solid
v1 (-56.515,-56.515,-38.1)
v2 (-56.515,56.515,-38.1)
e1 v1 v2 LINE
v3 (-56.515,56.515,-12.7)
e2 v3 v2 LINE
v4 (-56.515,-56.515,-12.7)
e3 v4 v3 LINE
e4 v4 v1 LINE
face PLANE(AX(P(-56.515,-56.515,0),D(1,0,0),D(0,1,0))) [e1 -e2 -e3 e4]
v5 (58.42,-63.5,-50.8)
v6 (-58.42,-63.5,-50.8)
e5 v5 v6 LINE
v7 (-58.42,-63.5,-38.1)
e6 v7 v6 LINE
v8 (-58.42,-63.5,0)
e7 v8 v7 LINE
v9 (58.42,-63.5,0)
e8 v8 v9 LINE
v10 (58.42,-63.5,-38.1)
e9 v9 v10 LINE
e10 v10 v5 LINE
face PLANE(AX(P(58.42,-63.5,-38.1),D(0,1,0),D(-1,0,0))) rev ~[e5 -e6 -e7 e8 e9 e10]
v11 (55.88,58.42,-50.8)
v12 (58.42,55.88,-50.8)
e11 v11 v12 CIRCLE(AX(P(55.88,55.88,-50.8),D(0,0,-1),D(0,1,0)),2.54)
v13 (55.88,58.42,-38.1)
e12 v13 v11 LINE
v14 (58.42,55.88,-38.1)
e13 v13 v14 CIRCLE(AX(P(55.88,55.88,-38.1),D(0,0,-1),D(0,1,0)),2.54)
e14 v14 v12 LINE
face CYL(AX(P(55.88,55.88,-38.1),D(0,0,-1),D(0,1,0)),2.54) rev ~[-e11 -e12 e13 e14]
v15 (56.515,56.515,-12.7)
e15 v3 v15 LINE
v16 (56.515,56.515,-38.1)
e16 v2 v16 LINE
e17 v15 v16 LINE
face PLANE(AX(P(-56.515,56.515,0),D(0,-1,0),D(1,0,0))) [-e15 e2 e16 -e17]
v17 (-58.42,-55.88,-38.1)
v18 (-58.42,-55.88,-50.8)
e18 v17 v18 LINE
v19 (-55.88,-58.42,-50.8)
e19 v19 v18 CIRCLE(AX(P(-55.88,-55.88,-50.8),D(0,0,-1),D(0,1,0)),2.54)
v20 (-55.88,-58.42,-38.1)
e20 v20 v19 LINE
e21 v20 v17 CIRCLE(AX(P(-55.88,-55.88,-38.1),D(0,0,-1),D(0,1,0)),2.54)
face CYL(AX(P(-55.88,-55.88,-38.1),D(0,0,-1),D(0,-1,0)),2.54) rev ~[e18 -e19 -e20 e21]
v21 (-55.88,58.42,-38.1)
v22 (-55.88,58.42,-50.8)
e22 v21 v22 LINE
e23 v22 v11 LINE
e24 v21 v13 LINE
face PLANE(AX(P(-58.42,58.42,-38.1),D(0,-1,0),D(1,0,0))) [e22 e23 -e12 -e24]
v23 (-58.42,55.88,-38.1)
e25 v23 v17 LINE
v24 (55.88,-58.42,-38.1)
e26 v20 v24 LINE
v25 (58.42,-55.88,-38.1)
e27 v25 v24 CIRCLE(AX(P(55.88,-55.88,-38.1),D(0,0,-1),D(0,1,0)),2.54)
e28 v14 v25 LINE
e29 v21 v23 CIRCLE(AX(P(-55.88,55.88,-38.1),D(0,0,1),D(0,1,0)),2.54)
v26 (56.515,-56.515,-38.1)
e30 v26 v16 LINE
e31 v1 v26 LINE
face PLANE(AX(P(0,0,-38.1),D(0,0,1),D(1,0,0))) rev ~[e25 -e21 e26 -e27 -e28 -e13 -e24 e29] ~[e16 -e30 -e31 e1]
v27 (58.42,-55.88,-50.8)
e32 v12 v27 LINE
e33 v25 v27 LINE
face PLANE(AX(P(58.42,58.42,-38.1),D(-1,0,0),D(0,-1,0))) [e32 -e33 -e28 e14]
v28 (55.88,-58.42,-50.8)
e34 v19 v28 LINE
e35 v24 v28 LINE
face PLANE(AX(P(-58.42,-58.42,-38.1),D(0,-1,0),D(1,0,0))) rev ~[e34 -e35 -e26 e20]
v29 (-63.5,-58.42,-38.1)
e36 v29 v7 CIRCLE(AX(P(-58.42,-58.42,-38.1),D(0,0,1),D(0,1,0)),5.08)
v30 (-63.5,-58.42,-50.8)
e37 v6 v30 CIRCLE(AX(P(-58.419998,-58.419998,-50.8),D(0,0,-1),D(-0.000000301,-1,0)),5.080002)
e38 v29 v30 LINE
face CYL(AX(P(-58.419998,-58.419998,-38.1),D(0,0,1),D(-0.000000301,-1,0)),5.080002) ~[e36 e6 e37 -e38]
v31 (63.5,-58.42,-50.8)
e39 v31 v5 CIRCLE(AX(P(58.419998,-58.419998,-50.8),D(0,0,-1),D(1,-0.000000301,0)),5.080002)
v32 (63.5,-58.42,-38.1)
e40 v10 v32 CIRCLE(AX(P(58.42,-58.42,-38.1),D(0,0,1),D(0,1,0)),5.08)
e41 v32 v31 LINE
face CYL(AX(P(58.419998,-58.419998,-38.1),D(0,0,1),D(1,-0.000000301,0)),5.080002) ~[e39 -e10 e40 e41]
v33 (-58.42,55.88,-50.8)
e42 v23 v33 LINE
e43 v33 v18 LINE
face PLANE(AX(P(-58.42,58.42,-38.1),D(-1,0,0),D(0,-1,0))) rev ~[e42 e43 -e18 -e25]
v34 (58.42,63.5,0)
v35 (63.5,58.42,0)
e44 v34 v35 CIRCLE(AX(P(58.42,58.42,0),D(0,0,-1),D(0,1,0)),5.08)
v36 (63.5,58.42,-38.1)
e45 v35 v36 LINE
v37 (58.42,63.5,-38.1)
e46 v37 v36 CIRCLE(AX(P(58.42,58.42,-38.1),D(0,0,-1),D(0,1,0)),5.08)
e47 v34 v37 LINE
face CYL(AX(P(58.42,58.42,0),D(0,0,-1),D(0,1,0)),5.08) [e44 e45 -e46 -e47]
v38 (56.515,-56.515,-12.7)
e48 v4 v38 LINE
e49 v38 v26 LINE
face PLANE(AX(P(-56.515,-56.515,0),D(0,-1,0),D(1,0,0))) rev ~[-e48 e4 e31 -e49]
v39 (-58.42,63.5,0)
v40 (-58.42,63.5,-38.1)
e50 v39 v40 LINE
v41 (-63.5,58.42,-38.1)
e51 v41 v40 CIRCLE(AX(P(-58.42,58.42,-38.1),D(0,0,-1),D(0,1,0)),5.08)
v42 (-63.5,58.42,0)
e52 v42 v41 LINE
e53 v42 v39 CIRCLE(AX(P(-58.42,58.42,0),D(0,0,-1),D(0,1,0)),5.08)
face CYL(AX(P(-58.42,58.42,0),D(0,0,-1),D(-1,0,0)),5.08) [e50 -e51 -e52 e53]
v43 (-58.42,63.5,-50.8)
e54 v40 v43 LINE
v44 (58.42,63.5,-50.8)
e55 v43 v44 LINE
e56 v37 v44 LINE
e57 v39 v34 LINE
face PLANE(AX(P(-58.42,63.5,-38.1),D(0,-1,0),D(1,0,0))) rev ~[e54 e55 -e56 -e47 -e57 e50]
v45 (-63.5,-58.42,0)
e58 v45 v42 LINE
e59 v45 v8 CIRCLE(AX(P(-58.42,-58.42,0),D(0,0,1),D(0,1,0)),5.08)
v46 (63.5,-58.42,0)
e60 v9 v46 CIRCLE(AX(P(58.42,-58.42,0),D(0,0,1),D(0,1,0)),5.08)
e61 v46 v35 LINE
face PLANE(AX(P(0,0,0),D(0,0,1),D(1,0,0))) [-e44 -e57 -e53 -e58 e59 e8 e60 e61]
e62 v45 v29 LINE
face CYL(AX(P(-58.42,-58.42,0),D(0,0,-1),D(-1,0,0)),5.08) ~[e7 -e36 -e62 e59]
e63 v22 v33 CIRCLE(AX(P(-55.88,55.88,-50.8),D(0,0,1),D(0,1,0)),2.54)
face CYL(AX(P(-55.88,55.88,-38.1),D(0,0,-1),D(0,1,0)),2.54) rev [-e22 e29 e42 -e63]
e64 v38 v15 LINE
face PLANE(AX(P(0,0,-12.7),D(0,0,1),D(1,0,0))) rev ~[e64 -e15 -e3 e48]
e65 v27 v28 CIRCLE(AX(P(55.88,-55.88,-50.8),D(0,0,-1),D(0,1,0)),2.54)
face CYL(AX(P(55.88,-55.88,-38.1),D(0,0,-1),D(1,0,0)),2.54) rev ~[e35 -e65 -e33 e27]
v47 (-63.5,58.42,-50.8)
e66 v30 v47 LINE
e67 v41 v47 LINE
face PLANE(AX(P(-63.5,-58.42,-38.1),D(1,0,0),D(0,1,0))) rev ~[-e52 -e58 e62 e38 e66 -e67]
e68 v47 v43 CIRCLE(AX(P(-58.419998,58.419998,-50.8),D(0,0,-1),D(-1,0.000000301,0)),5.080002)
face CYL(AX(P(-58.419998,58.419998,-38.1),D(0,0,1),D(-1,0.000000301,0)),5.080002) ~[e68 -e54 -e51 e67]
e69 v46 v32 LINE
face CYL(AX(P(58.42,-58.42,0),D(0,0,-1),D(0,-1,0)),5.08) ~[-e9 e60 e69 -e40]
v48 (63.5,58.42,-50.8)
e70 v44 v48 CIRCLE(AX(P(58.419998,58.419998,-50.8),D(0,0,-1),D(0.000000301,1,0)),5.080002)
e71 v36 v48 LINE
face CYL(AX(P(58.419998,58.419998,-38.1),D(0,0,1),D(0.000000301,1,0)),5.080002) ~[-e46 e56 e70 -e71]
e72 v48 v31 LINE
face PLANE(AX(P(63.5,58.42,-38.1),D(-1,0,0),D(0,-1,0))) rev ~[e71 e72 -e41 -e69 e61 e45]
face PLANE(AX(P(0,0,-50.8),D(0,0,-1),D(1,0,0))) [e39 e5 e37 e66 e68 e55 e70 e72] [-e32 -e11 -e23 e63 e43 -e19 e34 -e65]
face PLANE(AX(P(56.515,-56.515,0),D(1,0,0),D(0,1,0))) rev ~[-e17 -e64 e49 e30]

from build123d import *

# Parameters (mm, degrees)
F0_W     = 127
F0_H     = 127
F0_W_2   = 113.03
F0_H_2   = 113.03
F1_DEPTH = 38.1
F2_W     = 113.03
F2_H     = 113.03
F3_DEPTH = 12.7
F4_R     = 5.08
F5_W     = 116.84
F5_H     = 116.84
F6_DEPTH = 12.7
F7_R     = 2.54


with BuildPart() as f1:
    # F0 (on Top) → F1 (new body)
    with BuildSketch(Plane.XY):
        Rectangle(F0_W, F0_H)
        Rectangle(F0_W_2, F0_H_2, mode=Mode.SUBTRACT)
    extrude(amount=-F1_DEPTH)

    # F2 (on Top) → F3 (join)
    with BuildSketch(Plane.XY):
        Rectangle(F2_W, F2_H)
    extrude(amount=-F3_DEPTH)

    # F4
    f4_edges = [f1.edges().sort_by_distance(p)[0] for p in [
        (-63.5, -63.5, -19.05),
        (-63.5, 63.5, -19.05),
        (63.5, 63.5, -19.05),
        (63.5, -63.5, -19.05),
    ]]
    fillet(f4_edges, radius=F4_R)

    # F5 (on face) → F6 (join)
    with BuildSketch(Plane(origin=(0, 0, -38.1), x_dir=(1, 0, 0), z_dir=(0, 0, -1))):
        with BuildLine():
            ThreePointArc((63.5, 58.42), (62.012102, 62.012102), (58.42, 63.5))
            Line((58.42, 63.5), (-58.42, 63.5))
            ThreePointArc((-58.42, 63.5), (-62.012102, 62.012102), (-63.5, 58.42))
            Line((-63.5, 58.42), (-63.5, -58.42))
            ThreePointArc((-63.5, -58.42), (-62.012102, -62.012102), (-58.42, -63.5))
            Line((-58.42, -63.5), (58.42, -63.5))
            ThreePointArc((58.42, -63.5), (62.012102, -62.012102), (63.5, -58.42))
            Line((63.5, -58.42), (63.5, 58.42))
        make_face()
        Rectangle(F5_W, F5_H, mode=Mode.SUBTRACT)
    extrude(amount=F6_DEPTH)

    # F7
    f7_edges = [f1.edges().sort_by_distance(p)[0] for p in [
        (-58.42, -58.42, -44.45),
        (58.42, -58.42, -44.45),
        (58.42, 58.42, -44.45),
        (-58.42, 58.42, -44.45),
    ]]
    fillet(f7_edges, radius=F7_R)


solid = f1.part
